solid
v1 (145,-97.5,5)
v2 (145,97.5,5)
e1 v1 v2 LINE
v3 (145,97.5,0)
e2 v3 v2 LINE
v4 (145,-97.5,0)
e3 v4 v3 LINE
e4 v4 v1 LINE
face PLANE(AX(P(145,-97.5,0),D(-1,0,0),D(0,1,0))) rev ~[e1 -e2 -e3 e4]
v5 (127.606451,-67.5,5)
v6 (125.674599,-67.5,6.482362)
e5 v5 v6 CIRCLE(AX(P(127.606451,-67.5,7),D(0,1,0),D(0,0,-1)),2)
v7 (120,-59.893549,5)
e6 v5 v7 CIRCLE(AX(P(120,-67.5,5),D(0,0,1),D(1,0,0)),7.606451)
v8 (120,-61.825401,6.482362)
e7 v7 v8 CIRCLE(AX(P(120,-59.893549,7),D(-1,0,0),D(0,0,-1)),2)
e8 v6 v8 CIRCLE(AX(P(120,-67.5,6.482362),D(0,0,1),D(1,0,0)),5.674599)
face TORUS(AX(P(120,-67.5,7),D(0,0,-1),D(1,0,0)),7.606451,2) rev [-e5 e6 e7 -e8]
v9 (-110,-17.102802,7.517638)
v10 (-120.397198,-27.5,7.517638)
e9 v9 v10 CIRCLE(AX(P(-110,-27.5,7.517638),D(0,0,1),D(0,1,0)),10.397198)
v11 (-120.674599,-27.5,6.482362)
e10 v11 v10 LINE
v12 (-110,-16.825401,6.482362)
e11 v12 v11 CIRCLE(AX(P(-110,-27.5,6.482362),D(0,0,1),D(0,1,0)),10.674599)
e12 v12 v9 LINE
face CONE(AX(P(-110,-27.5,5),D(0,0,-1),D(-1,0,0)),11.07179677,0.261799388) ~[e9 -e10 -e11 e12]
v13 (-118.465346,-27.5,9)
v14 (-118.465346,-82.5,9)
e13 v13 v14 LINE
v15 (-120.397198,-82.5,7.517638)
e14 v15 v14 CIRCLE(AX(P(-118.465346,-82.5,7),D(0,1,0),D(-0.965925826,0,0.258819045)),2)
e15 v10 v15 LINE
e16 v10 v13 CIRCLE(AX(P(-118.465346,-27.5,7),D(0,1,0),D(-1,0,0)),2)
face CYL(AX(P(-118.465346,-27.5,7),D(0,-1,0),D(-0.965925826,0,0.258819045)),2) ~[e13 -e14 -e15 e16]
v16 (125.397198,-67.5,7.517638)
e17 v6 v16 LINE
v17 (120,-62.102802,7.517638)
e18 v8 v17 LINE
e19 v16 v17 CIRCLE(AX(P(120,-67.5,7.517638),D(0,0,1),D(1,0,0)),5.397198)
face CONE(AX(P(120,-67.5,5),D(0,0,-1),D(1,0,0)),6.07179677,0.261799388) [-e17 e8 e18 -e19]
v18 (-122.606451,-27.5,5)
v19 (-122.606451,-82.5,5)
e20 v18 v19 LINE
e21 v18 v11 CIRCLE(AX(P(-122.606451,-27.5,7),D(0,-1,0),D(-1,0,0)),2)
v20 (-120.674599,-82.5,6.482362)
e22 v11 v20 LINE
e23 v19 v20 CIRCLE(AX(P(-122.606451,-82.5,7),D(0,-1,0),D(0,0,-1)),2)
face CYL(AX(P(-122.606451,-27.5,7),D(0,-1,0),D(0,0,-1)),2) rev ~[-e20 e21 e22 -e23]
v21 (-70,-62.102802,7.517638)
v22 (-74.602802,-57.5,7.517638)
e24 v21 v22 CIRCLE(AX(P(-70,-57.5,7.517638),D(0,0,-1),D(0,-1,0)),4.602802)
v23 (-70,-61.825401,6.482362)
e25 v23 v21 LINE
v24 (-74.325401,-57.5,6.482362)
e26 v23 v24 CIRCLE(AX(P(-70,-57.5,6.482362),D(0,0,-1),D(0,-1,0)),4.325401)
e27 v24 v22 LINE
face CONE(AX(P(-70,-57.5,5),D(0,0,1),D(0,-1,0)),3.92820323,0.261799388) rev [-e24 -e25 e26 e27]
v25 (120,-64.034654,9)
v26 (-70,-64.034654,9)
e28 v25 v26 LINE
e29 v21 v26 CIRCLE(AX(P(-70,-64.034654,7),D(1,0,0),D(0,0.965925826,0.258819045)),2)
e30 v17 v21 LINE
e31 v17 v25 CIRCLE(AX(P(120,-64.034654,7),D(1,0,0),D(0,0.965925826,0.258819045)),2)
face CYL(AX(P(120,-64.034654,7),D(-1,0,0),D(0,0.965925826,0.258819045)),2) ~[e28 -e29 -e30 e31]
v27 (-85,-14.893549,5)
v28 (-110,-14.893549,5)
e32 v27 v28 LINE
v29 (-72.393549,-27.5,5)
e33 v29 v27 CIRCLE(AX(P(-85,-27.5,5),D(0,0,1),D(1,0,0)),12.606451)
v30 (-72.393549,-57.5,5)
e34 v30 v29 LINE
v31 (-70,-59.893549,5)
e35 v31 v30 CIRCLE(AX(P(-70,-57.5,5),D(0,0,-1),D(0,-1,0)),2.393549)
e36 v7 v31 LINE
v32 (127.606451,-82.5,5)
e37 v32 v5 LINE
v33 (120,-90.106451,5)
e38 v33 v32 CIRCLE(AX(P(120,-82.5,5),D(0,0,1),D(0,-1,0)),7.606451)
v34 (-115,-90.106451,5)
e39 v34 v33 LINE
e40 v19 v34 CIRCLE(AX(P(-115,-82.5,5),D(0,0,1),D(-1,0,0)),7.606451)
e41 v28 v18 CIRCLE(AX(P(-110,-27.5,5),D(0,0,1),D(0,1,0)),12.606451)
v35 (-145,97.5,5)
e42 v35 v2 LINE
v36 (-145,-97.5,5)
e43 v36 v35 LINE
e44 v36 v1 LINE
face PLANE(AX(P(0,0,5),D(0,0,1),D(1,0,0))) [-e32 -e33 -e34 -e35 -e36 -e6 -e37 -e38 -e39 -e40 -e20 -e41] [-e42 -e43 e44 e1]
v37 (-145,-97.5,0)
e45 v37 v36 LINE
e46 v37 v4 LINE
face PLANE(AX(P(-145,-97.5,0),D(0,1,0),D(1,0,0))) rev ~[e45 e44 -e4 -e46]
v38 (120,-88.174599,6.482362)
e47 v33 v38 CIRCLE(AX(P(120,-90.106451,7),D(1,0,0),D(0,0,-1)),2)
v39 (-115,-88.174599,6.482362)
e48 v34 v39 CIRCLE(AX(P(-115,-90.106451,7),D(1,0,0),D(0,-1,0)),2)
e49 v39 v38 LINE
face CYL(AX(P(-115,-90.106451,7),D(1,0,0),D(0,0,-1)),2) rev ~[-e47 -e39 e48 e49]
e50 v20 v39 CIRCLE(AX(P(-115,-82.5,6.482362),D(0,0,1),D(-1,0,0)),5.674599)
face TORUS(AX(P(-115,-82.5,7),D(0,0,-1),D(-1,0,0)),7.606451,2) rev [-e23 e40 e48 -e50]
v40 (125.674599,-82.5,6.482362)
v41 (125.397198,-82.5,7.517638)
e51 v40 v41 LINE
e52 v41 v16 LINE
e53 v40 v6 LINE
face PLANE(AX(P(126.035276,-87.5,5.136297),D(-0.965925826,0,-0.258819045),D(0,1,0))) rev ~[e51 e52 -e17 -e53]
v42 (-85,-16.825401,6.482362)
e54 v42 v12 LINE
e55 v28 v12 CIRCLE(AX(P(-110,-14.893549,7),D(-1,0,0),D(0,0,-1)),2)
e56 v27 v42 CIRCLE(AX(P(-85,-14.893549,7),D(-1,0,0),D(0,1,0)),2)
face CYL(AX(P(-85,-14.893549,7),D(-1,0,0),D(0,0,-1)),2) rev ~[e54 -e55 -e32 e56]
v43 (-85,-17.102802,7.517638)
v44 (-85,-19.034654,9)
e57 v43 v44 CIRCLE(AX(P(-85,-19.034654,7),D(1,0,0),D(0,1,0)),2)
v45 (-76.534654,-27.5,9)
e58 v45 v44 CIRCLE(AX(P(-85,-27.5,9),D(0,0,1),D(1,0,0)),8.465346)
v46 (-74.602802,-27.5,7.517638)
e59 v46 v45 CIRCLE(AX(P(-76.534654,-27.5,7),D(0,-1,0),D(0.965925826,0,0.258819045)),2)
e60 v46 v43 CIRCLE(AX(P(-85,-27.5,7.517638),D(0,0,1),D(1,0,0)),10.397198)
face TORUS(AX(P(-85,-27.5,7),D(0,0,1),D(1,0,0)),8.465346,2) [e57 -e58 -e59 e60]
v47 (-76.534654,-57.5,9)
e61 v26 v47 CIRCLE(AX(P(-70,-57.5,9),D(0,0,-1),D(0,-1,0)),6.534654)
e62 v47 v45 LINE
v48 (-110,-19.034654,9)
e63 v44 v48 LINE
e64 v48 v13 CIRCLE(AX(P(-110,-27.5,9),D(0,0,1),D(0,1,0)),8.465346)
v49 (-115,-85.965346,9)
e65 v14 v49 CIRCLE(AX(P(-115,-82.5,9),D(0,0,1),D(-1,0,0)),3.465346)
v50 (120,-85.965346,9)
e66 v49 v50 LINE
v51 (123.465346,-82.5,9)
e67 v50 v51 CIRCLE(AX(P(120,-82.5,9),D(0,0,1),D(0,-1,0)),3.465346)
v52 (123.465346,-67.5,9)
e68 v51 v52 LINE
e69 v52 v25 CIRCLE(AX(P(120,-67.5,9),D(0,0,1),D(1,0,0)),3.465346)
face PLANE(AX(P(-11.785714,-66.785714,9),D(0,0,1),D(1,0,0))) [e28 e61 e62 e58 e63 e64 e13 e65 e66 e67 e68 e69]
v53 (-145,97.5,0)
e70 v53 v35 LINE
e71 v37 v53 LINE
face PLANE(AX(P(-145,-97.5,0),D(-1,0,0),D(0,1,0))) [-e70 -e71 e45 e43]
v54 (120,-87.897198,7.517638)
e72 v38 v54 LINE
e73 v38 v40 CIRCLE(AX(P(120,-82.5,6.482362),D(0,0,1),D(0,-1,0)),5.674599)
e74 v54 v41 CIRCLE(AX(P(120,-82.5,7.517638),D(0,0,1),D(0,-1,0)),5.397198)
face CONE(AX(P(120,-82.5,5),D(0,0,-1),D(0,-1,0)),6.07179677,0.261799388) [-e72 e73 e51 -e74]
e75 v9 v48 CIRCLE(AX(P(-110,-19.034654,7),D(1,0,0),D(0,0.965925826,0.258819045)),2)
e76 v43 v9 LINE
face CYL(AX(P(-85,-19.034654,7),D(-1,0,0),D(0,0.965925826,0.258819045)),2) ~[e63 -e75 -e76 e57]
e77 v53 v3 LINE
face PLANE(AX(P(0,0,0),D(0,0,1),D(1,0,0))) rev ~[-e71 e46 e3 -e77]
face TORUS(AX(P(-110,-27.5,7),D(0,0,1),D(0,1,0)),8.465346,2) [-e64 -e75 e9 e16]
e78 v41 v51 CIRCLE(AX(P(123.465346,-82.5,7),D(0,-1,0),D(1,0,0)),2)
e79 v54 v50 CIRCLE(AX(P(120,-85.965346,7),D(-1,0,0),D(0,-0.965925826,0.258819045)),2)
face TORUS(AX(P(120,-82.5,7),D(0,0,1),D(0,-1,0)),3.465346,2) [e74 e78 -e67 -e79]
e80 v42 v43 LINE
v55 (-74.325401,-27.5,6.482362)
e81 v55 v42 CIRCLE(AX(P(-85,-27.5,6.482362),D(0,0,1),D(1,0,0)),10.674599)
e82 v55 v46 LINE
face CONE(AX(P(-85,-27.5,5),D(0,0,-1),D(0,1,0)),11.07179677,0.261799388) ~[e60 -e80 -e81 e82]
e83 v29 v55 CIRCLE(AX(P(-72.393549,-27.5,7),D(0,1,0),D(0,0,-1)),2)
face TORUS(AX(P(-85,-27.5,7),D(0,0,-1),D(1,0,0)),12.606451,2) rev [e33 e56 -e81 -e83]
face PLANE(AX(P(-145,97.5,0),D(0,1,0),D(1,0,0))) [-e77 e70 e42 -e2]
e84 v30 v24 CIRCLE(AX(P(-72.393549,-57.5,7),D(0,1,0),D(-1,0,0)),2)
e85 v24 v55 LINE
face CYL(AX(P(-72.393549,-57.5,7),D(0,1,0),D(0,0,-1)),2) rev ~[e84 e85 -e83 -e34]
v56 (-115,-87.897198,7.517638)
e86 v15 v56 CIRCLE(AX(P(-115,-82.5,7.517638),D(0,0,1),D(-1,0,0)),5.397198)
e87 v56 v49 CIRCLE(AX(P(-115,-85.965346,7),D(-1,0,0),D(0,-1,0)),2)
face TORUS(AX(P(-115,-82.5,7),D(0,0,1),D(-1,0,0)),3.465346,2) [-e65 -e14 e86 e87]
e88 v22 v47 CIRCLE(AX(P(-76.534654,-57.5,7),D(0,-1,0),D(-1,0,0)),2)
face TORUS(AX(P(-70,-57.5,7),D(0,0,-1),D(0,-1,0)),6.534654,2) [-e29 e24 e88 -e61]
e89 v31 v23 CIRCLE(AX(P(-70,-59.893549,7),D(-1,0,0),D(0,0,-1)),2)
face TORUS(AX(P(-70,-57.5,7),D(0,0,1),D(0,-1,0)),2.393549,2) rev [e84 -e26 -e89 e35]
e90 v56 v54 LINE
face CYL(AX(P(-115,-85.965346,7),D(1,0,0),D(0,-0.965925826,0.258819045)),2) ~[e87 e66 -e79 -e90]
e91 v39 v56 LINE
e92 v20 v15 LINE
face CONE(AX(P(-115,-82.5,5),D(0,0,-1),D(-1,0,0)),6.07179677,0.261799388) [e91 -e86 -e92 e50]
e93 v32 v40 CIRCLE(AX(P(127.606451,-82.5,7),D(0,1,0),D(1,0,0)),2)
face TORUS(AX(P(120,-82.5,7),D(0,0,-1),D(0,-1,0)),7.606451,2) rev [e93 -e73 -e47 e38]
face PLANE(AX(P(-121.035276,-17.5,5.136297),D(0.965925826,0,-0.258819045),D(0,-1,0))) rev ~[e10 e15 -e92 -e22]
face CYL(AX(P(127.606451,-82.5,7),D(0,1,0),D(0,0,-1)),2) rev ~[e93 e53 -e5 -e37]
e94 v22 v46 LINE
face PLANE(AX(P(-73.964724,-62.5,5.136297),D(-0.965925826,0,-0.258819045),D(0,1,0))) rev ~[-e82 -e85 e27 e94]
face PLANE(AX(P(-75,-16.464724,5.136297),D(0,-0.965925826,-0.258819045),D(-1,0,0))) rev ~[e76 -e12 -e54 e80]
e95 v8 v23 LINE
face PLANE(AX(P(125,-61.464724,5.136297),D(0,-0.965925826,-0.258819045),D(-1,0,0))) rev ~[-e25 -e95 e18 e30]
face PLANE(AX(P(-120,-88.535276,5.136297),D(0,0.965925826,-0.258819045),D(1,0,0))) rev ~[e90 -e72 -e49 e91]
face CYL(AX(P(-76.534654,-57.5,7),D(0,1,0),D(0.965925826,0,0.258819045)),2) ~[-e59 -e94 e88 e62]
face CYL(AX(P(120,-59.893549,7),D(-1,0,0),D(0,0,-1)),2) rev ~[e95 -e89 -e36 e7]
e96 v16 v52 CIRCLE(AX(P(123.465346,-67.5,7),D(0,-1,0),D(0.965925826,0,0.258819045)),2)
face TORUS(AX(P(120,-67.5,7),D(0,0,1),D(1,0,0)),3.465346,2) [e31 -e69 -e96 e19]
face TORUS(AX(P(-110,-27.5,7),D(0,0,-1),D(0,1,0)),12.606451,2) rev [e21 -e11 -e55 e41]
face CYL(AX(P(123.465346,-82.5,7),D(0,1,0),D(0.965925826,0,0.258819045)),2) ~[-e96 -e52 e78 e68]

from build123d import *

# Parameters (mm, degrees)
SKETCH_1_W      = 290
SKETCH_1_H      = 195
EXTRUDE_1_DEPTH = 5
EXTRUDE_2_DEPTH = 4
FILLET_1_R      = 5
FILLET_2_R      = 10
DRAFT_2_ANGLE   = 15
FILLET_3_R      = 2


with BuildPart() as part:
    # 草图1 → 凸台-拉伸1 (new body)
    with BuildSketch(Plane.XY):
        Rectangle(SKETCH_1_W, SKETCH_1_H)
    extrude(amount=EXTRUDE_1_DEPTH)

    # 草图2 → 凸台-拉伸2 (add)
    with BuildSketch(Plane.XY.offset(5)):
        Polygon((-75, -17.5), (-120, -17.5), (-120, -87.5), (125, -87.5), (125, -62.5), (-75, -62.5), align=None)
    extrude(amount=EXTRUDE_2_DEPTH)

    # 圆角1
    fillet_1_edges = [part.edges().sort_by_distance(p)[0] for p in [
        (-75, -62.5, 7),
        (-120, -87.5, 7),
        (125, -87.5, 7),
        (125, -62.5, 7),
    ]]
    fillet(fillet_1_edges, radius=FILLET_1_R)

    # 圆角2
    fillet_2_edges = [part.edges().sort_by_distance(p)[0] for p in [
        (-75, -17.5, 7),
        (-120, -17.5, 7),
    ]]
    fillet(fillet_2_edges, radius=FILLET_2_R)

    # 拔模2
    draft_2_faces = [part.faces().sort_by_distance(p)[0] for p in [
        (-73.535533906, -61.035533906, 7),
        (123.535533906, -63.964466094, 7),
        (123.535533906, -86.035533906, 7),
        (125, -75, 7),
        (25, -62.5, 7),
        (-75, -42.5, 7),
        (-77.928932188, -20.428932188, 7),
        (-97.5, -17.5, 7),
        (-117.071067812, -20.428932188, 7),
        (-120, -55, 7),
        (-118.535533906, -86.035533906, 7),
        (2.5, -87.5, 7),
    ]]
    draft(draft_2_faces, Plane.XY.offset(9), DRAFT_2_ANGLE)

    # 圆角3
    fillet_3_edges = [part.edges().sort_by_distance(p)[0] for p in [
        (25, -61.42820323, 5),
        (25, -62.5, 9),
        (126.07179677, -75, 5),
        (125, -75, 9),
        (-75, -42.5, 9),
        (2.5, -87.5, 9),
        (-118.535533906, -86.035533906, 9),
        (123.535533906, -86.035533906, 9),
        (123.535533906, -63.964466094, 9),
        (-73.92820323, -42.5, 5),
        (2.5, -88.57179677, 5),
        (-72.777659142, -60.277659142, 5),
        (124.29340867, -63.20659133, 5),
        (-73.535533906, -61.035533906, 9),
        (124.29340867, -86.79340867, 5),
        (-119.29340867, -86.79340867, 5),
        (-97.5, -16.42820323, 5),
        (-97.5, -17.5, 9),
        (-120, -55, 9),
        (-117.071067812, -20.428932188, 9),
        (-77.928932188, -20.428932188, 9),
        (-121.07179677, -55, 5),
        (-77.171057424, -19.671057424, 5),
        (-117.828942576, -19.671057424, 5),
    ]]
    fillet(fillet_3_edges, radius=FILLET_3_R)


solid = part.part
